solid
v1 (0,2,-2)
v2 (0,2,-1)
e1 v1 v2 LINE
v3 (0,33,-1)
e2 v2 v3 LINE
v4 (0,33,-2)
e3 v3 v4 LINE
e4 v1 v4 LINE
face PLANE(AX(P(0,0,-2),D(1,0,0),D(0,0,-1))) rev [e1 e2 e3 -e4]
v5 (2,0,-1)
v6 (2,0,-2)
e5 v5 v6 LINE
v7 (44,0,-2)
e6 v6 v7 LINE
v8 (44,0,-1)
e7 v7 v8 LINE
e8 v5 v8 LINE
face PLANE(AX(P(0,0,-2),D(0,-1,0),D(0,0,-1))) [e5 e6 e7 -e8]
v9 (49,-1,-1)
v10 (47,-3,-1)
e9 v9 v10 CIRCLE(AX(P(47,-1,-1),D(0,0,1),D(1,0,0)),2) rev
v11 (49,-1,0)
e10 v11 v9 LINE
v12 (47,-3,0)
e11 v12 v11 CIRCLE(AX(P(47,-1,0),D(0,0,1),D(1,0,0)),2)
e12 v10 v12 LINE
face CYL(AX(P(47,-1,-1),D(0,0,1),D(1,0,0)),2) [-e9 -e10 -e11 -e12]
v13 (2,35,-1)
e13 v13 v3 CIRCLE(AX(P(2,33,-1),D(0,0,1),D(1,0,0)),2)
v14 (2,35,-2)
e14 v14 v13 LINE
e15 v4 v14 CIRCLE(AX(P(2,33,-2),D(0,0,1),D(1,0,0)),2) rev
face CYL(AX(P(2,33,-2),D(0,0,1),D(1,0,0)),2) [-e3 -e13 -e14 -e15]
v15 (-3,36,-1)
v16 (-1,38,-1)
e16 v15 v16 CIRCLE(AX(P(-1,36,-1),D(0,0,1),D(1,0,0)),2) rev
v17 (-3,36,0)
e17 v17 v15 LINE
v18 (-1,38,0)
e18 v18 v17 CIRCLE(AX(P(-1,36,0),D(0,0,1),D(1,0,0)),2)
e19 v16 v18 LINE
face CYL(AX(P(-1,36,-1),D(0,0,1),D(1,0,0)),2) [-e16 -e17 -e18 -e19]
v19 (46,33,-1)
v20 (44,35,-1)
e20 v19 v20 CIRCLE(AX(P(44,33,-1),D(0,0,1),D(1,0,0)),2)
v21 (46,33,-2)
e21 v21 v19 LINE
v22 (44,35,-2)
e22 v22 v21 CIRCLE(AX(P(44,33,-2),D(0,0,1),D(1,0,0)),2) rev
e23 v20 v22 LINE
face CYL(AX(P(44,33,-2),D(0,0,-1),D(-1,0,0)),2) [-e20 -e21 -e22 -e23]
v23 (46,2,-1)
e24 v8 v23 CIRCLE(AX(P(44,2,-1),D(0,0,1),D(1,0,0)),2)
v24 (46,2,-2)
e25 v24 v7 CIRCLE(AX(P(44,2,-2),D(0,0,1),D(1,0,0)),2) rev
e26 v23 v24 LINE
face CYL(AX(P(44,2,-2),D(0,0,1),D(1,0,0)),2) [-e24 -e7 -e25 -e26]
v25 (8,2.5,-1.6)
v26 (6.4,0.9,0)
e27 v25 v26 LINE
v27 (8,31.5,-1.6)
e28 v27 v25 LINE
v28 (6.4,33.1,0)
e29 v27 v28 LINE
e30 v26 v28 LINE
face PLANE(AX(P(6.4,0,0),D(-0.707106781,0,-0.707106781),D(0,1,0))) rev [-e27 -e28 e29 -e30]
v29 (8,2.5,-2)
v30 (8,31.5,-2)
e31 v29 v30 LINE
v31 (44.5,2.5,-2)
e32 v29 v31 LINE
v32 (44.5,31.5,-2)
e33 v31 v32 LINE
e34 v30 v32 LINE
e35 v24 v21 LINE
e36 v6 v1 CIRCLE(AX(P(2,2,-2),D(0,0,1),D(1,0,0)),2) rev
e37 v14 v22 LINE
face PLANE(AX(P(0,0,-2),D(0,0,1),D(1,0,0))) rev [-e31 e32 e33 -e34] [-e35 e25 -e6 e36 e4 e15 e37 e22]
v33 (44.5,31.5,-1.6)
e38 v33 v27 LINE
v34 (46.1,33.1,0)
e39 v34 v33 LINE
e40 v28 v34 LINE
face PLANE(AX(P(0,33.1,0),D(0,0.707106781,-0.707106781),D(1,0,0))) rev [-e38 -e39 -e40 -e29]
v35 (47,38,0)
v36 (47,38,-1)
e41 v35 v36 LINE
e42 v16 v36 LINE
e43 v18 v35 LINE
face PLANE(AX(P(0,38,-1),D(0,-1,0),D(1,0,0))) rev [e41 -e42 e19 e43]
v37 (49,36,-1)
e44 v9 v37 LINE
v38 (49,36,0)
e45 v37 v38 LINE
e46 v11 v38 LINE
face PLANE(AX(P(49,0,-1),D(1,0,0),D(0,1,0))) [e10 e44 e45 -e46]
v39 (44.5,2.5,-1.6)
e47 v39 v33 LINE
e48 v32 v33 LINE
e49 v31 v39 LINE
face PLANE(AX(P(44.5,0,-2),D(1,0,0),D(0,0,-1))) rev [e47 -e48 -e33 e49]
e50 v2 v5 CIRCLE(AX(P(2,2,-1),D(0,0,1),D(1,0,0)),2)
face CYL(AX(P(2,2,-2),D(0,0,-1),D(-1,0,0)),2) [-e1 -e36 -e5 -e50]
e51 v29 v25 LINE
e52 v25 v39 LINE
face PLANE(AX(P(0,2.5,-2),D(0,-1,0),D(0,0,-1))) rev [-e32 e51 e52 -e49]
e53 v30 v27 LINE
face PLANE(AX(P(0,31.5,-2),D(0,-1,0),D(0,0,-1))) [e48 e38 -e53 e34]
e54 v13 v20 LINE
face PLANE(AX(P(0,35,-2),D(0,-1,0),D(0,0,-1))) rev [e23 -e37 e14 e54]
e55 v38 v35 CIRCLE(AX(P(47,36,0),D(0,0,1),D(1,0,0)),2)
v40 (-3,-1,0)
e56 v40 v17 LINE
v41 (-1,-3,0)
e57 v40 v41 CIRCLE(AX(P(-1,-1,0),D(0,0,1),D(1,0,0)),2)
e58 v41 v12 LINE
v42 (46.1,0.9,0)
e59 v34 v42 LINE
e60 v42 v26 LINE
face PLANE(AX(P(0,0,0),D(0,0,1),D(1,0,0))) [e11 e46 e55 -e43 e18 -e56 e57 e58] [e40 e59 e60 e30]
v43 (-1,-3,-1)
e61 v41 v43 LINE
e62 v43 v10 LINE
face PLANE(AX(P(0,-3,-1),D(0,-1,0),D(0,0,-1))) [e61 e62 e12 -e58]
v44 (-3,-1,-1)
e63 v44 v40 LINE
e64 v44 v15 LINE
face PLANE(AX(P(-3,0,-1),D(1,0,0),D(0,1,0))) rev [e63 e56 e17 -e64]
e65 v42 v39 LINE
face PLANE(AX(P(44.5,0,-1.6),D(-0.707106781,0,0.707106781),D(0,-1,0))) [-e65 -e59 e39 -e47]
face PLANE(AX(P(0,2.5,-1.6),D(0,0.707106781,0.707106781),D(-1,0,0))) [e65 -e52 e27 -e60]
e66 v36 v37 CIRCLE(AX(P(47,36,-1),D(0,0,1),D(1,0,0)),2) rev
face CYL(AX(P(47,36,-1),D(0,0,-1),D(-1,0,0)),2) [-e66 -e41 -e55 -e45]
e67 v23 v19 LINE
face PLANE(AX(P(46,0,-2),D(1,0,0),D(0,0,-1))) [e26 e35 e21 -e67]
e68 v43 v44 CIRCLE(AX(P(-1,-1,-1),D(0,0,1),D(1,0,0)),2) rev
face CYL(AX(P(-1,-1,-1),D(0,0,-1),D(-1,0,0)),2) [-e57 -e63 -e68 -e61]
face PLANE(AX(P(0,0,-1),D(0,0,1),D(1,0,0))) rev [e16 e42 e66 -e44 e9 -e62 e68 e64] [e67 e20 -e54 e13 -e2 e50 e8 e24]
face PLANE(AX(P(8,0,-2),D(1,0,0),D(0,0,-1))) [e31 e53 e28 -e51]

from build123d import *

# Parameters (mm, degrees)
SKETCH_1_W      = 52
SKETCH_1_H      = 41
SKETCH_1_W_2    = 46
SKETCH_1_H_2    = 35
EXTRUDE_1_DEPTH = 1
SKETCH_1_3_W    = 46
SKETCH_1_3_H    = 35
SKETCH_1_3_W_2  = 36.5
SKETCH_1_3_H_2  = 29
EXTRUDE_2_DEPTH = 2
FILLET_2_R      = 2
CHAMFER_1_SIZE  = 1.6


with BuildPart() as part:
    # Эскиз1 → Бобышка-Вытянуть1 (new body)
    with BuildSketch(Plane.XY):
        with Locations((23, 17.5)):
            Rectangle(SKETCH_1_W, SKETCH_1_H)
        with Locations((23, 17.5)):
            Rectangle(SKETCH_1_W_2, SKETCH_1_H_2, mode=Mode.SUBTRACT)
    extrude(amount=-EXTRUDE_1_DEPTH)

    # Эскиз1<3> → Бобышка-Вытянуть2 (add)
    with BuildSketch(Plane.XY):
        with Locations((23, 17.5)):
            Rectangle(SKETCH_1_3_W, SKETCH_1_3_H)
        with Locations((26.25, 17)):
            Rectangle(SKETCH_1_3_W_2, SKETCH_1_3_H_2, mode=Mode.SUBTRACT)
    extrude(amount=-EXTRUDE_2_DEPTH)

    # Скругление2
    fillet_2_edges = [part.edges().sort_by_distance(p)[0] for p in [
        (-3, -3, -0.5),
        (-3, 38, -0.5),
        (49, 38, -0.5),
        (49, -3, -0.5),
        (46, 0, -1.5),
        (0, 0, -1.5),
        (0, 35, -1.5),
        (46, 35, -1.5),
    ]]
    fillet(fillet_2_edges, radius=FILLET_2_R)

    # Фаска1
    chamfer_1_edges = [part.edges().sort_by_distance(p)[0] for p in [
        (44.5, 17, 0),
        (26.25, 2.5, 0),
        (8, 17, 0),
        (26.25, 31.5, 0),
    ]]
    chamfer(chamfer_1_edges, length=CHAMFER_1_SIZE)


solid = part.part
